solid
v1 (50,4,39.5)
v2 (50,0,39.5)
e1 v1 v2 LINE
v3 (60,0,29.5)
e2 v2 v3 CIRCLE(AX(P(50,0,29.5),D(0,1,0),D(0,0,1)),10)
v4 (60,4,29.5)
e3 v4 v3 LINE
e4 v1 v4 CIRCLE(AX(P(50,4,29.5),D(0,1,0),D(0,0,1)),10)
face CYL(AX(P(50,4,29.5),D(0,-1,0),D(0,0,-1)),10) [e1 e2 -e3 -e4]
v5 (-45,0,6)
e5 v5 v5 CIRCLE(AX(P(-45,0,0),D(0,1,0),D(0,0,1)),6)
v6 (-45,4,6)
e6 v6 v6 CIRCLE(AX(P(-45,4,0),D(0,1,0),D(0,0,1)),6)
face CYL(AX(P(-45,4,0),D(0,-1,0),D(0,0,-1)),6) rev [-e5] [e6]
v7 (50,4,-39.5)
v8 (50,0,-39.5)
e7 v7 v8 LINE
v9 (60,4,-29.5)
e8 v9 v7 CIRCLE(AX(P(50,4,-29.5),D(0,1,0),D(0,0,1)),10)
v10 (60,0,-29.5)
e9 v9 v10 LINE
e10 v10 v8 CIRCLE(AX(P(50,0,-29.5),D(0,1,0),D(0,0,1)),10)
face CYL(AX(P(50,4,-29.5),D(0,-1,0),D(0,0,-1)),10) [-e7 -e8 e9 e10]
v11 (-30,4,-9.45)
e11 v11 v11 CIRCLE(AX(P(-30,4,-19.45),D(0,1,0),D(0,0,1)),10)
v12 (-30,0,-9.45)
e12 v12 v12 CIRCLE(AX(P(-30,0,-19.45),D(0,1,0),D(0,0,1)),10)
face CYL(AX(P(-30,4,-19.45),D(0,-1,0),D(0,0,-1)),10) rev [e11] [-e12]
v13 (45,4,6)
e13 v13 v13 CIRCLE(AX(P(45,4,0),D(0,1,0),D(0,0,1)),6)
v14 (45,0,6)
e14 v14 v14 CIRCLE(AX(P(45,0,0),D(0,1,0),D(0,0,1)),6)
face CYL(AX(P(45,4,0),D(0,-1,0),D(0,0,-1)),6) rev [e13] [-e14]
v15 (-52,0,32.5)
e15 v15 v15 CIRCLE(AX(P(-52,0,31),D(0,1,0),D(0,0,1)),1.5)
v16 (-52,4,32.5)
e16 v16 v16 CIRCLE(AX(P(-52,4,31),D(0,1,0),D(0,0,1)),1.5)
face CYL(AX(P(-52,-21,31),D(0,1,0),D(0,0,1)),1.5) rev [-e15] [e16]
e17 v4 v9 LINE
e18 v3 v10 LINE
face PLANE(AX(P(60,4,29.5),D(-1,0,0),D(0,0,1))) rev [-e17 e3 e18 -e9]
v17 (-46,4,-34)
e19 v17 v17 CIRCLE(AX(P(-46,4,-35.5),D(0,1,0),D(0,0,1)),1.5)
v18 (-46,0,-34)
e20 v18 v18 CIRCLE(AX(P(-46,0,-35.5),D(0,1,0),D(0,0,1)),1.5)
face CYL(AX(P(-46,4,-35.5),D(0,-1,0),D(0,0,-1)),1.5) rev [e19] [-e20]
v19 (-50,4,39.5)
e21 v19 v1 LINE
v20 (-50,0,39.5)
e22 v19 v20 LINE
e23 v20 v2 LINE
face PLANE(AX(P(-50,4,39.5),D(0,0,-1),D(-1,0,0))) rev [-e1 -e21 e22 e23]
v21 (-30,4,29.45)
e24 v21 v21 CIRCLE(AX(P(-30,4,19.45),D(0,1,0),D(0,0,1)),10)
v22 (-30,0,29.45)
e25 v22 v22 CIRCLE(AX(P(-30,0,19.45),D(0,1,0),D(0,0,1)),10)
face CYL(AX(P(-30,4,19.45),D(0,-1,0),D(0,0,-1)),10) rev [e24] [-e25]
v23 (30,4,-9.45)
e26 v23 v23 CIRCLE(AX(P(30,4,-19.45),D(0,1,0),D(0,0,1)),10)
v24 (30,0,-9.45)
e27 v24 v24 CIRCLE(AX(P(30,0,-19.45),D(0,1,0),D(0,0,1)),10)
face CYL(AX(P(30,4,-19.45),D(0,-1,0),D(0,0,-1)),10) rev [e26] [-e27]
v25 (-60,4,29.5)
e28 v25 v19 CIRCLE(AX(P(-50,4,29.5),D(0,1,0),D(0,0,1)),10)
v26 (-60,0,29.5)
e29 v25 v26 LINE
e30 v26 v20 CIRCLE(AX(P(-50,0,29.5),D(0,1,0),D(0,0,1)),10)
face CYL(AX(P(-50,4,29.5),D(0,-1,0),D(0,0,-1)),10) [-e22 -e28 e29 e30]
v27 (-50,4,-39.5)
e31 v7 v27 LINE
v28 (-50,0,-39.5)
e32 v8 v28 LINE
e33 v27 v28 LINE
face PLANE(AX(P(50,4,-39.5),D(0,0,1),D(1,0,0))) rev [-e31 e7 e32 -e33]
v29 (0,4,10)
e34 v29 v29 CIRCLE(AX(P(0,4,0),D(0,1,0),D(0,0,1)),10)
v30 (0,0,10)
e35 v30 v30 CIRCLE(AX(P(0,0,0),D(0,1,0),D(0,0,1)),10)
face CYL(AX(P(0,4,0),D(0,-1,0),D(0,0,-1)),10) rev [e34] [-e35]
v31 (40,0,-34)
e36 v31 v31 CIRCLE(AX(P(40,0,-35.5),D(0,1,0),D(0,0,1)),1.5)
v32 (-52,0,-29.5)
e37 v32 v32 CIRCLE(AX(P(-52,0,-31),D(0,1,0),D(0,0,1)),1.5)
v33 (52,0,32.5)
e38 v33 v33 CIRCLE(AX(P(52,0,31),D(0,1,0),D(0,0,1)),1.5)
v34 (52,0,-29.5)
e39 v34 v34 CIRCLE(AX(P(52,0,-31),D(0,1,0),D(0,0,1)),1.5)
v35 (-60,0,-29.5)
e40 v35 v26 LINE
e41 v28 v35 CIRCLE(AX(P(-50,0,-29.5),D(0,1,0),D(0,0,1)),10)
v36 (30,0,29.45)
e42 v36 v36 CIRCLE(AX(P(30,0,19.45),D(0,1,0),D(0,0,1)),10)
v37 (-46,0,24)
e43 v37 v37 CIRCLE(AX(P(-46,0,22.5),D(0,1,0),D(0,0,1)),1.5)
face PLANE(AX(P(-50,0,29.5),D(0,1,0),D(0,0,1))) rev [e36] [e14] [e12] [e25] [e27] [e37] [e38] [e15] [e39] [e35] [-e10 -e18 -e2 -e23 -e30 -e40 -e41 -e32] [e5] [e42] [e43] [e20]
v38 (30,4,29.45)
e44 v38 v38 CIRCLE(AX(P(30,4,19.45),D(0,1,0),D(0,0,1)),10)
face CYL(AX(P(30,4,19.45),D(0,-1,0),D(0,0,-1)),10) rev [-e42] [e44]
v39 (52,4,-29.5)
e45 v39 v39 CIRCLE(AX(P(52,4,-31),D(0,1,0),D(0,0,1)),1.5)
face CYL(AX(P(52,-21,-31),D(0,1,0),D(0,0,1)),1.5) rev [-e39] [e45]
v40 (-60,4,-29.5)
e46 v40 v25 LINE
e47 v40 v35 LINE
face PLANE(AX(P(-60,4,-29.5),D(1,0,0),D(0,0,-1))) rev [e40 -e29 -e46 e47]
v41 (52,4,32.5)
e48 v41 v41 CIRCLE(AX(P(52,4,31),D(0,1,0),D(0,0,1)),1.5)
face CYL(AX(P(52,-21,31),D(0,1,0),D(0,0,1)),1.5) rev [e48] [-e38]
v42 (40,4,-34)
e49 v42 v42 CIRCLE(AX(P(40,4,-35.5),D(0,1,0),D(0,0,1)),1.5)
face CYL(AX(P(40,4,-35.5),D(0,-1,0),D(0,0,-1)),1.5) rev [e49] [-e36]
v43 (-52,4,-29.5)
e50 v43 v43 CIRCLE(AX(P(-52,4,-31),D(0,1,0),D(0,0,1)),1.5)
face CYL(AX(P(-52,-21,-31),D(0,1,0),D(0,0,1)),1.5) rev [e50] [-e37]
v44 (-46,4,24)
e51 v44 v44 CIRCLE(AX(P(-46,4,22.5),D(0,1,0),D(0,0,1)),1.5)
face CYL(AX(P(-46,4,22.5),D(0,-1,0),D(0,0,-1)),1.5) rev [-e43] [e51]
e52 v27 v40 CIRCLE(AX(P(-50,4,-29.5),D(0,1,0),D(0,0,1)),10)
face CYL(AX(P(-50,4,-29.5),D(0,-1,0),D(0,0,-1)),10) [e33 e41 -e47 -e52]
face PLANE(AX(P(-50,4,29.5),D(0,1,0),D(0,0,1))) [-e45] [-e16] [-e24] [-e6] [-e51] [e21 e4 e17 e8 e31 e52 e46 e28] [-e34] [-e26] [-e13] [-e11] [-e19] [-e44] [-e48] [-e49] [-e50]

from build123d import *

# Parameters (mm, degrees)
SKETCH1_R           = 1.5
SKETCH1_R_2         = 6
SKETCH1_R_3         = 10
BOSS_EXTRUDE1_DEPTH = 4
CUT_EXTRUDE1_DEPTH  = 25


with BuildPart() as part:
    # Sketch1 → Boss-Extrude1 (new body)
    with BuildSketch(Plane(origin=(0, 0, 0), x_dir=(1, 0, 0), z_dir=(0, 1, 0))):
        with BuildLine():
            Line((-50, -39.5), (50, -39.5))
            ThreePointArc((50, -39.5), (57.071067812, -36.571067812), (60, -29.5))
            Line((60, -29.5), (60, 29.5))
            ThreePointArc((60, 29.5), (57.071067812, 36.571067812), (50, 39.5))
            Line((50, 39.5), (-50, 39.5))
            ThreePointArc((-50, 39.5), (-57.071067812, 36.571067812), (-60, 29.5))
            Line((-60, 29.5), (-60, -29.5))
            ThreePointArc((-60, -29.5), (-57.071067812, -36.571067812), (-50, -39.5))
        make_face()
        with Locations(Location((40, 35.5, 0), (0, 0, 270))):
            Circle(SKETCH1_R, mode=Mode.SUBTRACT)
        with Locations(Location((45, 0, 0), (0, 0, 270))):
            Circle(SKETCH1_R_2, mode=Mode.SUBTRACT)
        with Locations(Location((30, 19.45, 0), (0, 0, 270))):
            Circle(SKETCH1_R_3, mode=Mode.SUBTRACT)
        with Locations(Location((30, -19.45, 0), (0, 0, 270))):
            Circle(SKETCH1_R_3, mode=Mode.SUBTRACT)
        with Locations(Location((0, 0, 0), (0, 0, 270))):
            Circle(SKETCH1_R_3, mode=Mode.SUBTRACT)
        with Locations(Location((-30, -19.45, 0), (0, 0, 270))):
            Circle(SKETCH1_R_3, mode=Mode.SUBTRACT)
        with Locations(Location((-46, 35.5, 0), (0, 0, 270))):
            Circle(SKETCH1_R, mode=Mode.SUBTRACT)
        with Locations(Location((-46, -22.5, 0), (0, 0, 270))):
            Circle(SKETCH1_R, mode=Mode.SUBTRACT)
        with Locations(Location((-45, 0, 0), (0, 0, 270))):
            Circle(SKETCH1_R_2, mode=Mode.SUBTRACT)
        with Locations(Location((-30, 19.45, 0), (0, 0, 270))):
            Circle(SKETCH1_R_3, mode=Mode.SUBTRACT)
    extrude(amount=BOSS_EXTRUDE1_DEPTH)

    # Sketch2 → Cut-Extrude1 (cut)
    with BuildSketch(Plane(origin=(0, 4, 0), x_dir=(1, 0, 0), z_dir=(0, 1, 0))):
        with BuildLine():
            ThreePointArc((-50.5, 31), (-53.060660172, 32.060660172), (-52, 29.5))
            Line((-52, 29.5), (-52, 31))
            Line((-52, 31), (-50.5, 31))
        make_face()
        with BuildLine():
            Line((-52, 31), (-52, 29.5))
            ThreePointArc((-52, 29.5), (-50.939339828, 29.939339828), (-50.5, 31))
            Line((-50.5, 31), (-52, 31))
        make_face()
        with BuildLine():
            ThreePointArc((-52, -29.5), (-53.060660172, -32.060660172), (-50.5, -31))
            Line((-50.5, -31), (-52, -31))
            Line((-52, -31), (-52, -29.5))
        make_face()
        with BuildLine():
            Line((-52, -31), (-50.5, -31))
            ThreePointArc((-50.5, -31), (-50.939339828, -29.939339828), (-52, -29.5))
            Line((-52, -29.5), (-52, -31))
        make_face()
        with BuildLine():
            ThreePointArc((52, -29.5), (50.939339828, -29.939339828), (50.5, -31))
            Line((50.5, -31), (52, -31))
            Line((52, -31), (52, -29.5))
        make_face()
        with BuildLine():
            Line((52, -31), (50.5, -31))
            ThreePointArc((50.5, -31), (52, -32.5), (53.5, -31))
            ThreePointArc((53.5, -31), (53.060660172, -29.939339828), (52, -29.5))
            Line((52, -29.5), (52, -31))
        make_face()
        with BuildLine():
            ThreePointArc((50.5, 31), (50.939339828, 29.939339828), (52, 29.5))
            Line((52, 29.5), (52, 31))
            Line((52, 31), (50.5, 31))
        make_face()
        with BuildLine():
            Line((52, 31), (52, 29.5))
            ThreePointArc((52, 29.5), (53.060660172, 29.939339828), (53.5, 31))
            ThreePointArc((53.5, 31), (52, 32.5), (50.5, 31))
            Line((50.5, 31), (52, 31))
        make_face()
    extrude(amount=-CUT_EXTRUDE1_DEPTH, mode=Mode.SUBTRACT)


solid = part.part
